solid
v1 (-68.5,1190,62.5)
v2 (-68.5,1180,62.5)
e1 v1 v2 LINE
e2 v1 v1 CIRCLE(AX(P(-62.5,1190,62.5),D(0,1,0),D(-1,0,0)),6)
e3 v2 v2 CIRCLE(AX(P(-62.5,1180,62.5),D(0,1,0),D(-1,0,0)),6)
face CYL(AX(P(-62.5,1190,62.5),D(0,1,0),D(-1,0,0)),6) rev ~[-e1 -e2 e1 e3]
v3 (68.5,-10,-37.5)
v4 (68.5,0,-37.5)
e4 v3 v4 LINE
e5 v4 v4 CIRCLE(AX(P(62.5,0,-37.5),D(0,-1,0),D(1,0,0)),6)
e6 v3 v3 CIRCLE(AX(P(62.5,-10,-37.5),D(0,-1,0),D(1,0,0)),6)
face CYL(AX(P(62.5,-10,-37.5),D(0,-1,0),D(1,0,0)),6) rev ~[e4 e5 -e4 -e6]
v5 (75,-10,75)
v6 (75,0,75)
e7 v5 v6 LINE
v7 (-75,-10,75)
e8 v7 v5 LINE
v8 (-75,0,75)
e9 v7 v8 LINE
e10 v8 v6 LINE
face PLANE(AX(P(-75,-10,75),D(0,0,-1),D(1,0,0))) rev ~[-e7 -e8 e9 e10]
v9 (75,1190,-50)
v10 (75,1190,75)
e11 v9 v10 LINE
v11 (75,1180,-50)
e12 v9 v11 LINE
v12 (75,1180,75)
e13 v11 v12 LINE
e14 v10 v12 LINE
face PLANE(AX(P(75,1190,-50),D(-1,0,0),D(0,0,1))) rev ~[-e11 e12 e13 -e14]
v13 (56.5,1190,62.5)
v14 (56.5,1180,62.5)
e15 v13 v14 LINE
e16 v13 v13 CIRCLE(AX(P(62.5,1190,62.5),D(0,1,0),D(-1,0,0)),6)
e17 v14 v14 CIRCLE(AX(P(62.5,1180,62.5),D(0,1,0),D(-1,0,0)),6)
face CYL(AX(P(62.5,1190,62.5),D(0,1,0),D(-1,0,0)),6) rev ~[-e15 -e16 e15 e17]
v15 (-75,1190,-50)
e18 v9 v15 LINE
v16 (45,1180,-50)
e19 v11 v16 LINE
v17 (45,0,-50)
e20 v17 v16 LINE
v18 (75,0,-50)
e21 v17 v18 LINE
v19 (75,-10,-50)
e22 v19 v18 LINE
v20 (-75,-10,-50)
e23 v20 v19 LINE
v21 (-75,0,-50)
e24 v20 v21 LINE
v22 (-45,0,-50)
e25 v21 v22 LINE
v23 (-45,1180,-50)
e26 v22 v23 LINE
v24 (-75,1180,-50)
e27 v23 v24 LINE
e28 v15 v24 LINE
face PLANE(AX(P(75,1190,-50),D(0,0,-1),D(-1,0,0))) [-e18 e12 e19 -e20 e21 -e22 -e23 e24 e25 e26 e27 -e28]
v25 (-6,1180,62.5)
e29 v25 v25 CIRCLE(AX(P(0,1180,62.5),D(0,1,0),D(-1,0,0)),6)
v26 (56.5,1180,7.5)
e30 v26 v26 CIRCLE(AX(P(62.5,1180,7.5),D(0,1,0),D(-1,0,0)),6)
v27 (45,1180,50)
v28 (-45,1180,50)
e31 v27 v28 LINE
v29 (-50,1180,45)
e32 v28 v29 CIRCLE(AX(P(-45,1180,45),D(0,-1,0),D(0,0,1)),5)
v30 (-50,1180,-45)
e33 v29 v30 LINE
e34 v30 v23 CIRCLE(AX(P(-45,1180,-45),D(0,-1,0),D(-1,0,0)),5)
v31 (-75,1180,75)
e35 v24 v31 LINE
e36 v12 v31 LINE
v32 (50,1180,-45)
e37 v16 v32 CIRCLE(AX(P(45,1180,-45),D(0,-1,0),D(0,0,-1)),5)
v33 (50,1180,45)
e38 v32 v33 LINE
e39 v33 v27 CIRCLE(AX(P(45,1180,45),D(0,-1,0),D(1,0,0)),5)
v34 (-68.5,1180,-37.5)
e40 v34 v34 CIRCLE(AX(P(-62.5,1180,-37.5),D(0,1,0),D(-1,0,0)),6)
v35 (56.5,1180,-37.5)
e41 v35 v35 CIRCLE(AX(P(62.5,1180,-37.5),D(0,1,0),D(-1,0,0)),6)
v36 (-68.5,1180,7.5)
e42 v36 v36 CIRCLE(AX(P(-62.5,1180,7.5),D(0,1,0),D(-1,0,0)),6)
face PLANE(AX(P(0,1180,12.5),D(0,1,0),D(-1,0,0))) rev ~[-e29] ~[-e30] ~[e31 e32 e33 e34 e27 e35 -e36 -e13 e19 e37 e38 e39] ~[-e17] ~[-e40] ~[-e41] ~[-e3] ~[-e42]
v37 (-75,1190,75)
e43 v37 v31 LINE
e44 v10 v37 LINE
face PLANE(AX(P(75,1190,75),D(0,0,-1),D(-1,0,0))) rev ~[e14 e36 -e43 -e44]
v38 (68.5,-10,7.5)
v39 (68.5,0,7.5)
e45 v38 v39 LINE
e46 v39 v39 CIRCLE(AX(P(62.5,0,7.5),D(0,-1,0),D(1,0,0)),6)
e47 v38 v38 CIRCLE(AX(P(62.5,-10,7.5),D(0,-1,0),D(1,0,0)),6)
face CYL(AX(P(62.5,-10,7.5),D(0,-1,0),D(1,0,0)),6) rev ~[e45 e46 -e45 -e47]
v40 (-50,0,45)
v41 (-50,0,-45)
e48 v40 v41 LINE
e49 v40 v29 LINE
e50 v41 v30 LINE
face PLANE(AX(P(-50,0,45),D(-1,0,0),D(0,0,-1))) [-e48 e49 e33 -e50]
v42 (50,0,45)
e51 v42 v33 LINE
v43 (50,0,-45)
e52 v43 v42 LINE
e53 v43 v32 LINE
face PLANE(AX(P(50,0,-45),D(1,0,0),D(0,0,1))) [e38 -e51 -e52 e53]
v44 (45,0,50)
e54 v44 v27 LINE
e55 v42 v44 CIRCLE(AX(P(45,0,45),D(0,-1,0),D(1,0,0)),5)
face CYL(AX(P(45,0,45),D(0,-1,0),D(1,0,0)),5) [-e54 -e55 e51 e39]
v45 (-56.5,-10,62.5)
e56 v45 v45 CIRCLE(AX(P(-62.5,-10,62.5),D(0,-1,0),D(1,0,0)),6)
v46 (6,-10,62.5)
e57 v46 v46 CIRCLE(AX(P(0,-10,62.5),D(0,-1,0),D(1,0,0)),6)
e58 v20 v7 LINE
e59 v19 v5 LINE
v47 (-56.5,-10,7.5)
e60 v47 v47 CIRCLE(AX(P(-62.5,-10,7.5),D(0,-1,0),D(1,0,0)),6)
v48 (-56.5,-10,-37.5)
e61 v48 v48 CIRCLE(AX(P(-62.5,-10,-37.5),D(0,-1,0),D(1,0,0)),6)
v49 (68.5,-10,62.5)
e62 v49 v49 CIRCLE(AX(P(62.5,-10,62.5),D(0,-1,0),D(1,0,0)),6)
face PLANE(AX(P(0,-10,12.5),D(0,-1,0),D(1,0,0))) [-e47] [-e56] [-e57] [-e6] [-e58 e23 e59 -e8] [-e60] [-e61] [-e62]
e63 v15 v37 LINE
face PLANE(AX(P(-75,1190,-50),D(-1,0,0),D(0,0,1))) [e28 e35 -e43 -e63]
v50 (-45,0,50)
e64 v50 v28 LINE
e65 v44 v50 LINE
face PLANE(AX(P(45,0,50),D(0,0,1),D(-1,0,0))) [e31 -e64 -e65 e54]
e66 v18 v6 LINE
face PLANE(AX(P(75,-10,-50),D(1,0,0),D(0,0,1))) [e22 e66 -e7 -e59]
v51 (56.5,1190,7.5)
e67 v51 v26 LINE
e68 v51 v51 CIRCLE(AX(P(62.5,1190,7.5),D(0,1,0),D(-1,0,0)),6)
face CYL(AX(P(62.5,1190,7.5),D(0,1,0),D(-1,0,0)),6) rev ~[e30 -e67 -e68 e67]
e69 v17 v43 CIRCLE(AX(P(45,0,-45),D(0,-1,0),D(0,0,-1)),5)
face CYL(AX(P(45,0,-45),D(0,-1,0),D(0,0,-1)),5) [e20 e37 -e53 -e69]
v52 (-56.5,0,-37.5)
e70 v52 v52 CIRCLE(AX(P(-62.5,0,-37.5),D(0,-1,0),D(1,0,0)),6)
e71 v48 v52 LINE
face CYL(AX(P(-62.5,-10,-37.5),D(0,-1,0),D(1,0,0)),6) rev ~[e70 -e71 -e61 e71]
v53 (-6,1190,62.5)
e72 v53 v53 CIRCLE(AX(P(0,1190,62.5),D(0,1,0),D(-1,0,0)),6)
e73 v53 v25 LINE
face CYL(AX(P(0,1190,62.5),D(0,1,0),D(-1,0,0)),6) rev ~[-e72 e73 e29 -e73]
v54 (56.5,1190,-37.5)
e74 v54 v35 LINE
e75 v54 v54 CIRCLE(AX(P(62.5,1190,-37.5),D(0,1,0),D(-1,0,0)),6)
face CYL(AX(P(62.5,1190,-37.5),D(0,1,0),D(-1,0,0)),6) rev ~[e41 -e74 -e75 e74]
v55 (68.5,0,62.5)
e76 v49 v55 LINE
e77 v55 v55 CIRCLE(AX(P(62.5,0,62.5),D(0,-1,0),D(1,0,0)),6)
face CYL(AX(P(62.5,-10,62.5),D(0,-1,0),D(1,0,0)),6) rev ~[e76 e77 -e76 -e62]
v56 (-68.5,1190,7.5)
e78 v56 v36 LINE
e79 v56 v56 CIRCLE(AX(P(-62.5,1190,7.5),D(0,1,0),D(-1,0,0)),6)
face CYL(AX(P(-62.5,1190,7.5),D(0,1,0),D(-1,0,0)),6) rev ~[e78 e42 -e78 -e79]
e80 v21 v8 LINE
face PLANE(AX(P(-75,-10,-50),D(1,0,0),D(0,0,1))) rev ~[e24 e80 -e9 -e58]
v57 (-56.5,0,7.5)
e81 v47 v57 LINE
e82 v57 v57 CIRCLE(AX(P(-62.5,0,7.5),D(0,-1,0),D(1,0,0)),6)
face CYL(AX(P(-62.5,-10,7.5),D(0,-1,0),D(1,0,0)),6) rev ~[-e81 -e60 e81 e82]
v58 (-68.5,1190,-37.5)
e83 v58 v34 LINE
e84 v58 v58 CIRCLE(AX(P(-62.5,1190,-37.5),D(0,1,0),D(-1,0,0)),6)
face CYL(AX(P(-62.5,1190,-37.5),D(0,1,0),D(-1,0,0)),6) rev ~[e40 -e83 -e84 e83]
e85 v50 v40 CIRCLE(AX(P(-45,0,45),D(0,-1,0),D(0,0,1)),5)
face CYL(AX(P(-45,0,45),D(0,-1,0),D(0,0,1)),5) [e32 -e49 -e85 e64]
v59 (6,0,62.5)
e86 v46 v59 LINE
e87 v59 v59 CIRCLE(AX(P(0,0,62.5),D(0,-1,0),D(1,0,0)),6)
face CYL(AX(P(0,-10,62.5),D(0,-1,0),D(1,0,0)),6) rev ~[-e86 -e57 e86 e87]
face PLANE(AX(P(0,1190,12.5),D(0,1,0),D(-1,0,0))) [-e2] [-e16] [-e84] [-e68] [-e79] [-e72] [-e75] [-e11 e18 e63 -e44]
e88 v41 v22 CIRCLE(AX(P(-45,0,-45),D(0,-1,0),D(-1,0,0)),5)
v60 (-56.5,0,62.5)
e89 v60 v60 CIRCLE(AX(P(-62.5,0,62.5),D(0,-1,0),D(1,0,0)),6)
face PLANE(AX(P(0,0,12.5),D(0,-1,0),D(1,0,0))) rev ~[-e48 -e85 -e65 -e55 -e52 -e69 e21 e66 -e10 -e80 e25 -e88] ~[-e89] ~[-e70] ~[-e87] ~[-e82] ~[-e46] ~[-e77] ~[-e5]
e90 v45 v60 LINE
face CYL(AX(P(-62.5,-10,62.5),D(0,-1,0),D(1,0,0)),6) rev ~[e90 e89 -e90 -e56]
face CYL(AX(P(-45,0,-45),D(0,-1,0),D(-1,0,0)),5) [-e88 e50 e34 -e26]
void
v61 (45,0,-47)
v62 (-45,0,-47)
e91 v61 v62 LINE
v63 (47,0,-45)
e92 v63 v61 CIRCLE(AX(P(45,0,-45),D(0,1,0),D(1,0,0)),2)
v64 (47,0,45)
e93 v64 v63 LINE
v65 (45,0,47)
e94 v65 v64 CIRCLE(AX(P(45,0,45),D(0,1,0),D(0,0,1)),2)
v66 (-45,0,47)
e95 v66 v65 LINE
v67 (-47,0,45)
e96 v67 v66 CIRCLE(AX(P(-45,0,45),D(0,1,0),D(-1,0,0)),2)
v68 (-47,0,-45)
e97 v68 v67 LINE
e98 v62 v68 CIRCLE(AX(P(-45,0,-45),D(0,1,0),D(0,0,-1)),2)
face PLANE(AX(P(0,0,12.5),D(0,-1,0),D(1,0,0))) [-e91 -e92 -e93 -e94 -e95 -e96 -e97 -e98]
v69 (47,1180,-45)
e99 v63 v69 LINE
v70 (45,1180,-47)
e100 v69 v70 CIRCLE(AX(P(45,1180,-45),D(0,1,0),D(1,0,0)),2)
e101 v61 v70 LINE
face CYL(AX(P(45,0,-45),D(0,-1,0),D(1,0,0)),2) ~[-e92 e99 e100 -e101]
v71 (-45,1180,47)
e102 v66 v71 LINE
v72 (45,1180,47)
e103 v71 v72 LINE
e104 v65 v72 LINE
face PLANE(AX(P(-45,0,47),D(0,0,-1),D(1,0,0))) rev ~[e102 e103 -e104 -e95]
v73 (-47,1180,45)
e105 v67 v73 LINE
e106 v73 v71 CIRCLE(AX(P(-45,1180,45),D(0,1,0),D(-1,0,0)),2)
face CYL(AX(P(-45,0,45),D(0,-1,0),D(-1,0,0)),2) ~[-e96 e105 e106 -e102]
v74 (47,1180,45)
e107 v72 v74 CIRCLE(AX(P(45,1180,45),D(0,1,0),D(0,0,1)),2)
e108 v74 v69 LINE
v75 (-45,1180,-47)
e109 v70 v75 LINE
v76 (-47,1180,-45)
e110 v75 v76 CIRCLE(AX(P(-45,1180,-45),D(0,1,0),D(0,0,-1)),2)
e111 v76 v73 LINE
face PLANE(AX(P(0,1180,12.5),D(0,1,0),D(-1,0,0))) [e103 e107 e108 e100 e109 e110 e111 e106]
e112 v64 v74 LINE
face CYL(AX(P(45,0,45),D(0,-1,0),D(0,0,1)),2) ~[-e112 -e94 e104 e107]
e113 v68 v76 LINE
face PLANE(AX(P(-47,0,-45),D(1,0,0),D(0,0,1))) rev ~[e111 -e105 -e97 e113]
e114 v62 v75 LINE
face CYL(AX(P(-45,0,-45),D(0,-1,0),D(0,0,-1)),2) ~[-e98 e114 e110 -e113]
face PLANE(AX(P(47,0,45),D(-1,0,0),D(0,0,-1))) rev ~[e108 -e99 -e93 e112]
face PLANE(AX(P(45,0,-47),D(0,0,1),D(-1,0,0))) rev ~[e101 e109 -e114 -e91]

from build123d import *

# Parameters (mm, degrees)
F1_DEPTH = 1180
F3_W     = 150
F3_H     = 125
F3_R     = 6
F4_DEPTH = 10
F7_W     = 150
F7_H     = 125
F7_R     = 6
F8_DEPTH = 10


with BuildPart() as f1:
    # F0 (on Front) → F1 (new body)
    with BuildSketch(Plane.XZ):
        with BuildLine():
            ThreePointArc((50, 45), (48.5355339059, 48.5355339059), (45, 50))
            Line((45, 50), (-45, 50))
            ThreePointArc((-45, 50), (-48.5355339059, 48.5355339059), (-50, 45))
            Line((-50, 45), (-50, -45))
            ThreePointArc((-50, -45), (-48.5355339059, -48.5355339059), (-45, -50))
            Line((-45, -50), (45, -50))
            ThreePointArc((45, -50), (48.5355339059, -48.5355339059), (50, -45))
            Line((50, -45), (50, 45))
        make_face()
        with BuildLine():
            ThreePointArc((-47, 45), (-46.4142135624, 46.4142135624), (-45, 47))
            Line((-45, 47), (45, 47))
            ThreePointArc((45, 47), (46.4142135624, 46.4142135624), (47, 45))
            Line((47, 45), (47, -45))
            ThreePointArc((47, -45), (46.4142135624, -46.4142135624), (45, -47))
            Line((45, -47), (-45, -47))
            ThreePointArc((-45, -47), (-46.4142135624, -46.4142135624), (-47, -45))
            Line((-47, -45), (-47, 45))
        make_face(mode=Mode.SUBTRACT)
    extrude(amount=-F1_DEPTH)


with BuildPart() as f4:
    # F3 (on offset) → F4 (new body)
    with BuildSketch(Plane.XZ.offset(10)):
        with Locations((0, 12.5)):
            Rectangle(F3_W, F3_H)
        with Locations((-62.5, -37.5)):
            Circle(F3_R, mode=Mode.SUBTRACT)
        with Locations((-62.5, 7.5)):
            Circle(F3_R, mode=Mode.SUBTRACT)
        with Locations((62.5, -37.5)):
            Circle(F3_R, mode=Mode.SUBTRACT)
        with Locations((62.5, 7.5)):
            Circle(F3_R, mode=Mode.SUBTRACT)
        with Locations((-62.5, 62.5)):
            Circle(F3_R, mode=Mode.SUBTRACT)
        with Locations((0, 62.5)):
            Circle(F3_R, mode=Mode.SUBTRACT)
        with Locations((62.5, 62.5)):
            Circle(F3_R, mode=Mode.SUBTRACT)
    extrude(amount=-F4_DEPTH)


with BuildPart() as f1_1:
    add(f1.part)

    # F5: union F4
    add(f4.part)

    # F7 (on offset) → F8 (join)
    with BuildSketch(Plane(origin=(0, 1190, 0), x_dir=(-1, 0, 0), z_dir=(0, 1, 0))):
        with Locations((0, 12.5)):
            Rectangle(F7_W, F7_H)
        with Locations((-62.5, -37.5)):
            Circle(F7_R, mode=Mode.SUBTRACT)
        with Locations((-62.5, 7.5)):
            Circle(F7_R, mode=Mode.SUBTRACT)
        with Locations((62.5, -37.5)):
            Circle(F7_R, mode=Mode.SUBTRACT)
        with Locations((62.5, 7.5)):
            Circle(F7_R, mode=Mode.SUBTRACT)
        with Locations((-62.5, 62.5)):
            Circle(F7_R, mode=Mode.SUBTRACT)
        with Locations((0, 62.5)):
            Circle(F7_R, mode=Mode.SUBTRACT)
        with Locations((62.5, 62.5)):
            Circle(F7_R, mode=Mode.SUBTRACT)
    extrude(amount=-F8_DEPTH)


solid = f1_1.part
